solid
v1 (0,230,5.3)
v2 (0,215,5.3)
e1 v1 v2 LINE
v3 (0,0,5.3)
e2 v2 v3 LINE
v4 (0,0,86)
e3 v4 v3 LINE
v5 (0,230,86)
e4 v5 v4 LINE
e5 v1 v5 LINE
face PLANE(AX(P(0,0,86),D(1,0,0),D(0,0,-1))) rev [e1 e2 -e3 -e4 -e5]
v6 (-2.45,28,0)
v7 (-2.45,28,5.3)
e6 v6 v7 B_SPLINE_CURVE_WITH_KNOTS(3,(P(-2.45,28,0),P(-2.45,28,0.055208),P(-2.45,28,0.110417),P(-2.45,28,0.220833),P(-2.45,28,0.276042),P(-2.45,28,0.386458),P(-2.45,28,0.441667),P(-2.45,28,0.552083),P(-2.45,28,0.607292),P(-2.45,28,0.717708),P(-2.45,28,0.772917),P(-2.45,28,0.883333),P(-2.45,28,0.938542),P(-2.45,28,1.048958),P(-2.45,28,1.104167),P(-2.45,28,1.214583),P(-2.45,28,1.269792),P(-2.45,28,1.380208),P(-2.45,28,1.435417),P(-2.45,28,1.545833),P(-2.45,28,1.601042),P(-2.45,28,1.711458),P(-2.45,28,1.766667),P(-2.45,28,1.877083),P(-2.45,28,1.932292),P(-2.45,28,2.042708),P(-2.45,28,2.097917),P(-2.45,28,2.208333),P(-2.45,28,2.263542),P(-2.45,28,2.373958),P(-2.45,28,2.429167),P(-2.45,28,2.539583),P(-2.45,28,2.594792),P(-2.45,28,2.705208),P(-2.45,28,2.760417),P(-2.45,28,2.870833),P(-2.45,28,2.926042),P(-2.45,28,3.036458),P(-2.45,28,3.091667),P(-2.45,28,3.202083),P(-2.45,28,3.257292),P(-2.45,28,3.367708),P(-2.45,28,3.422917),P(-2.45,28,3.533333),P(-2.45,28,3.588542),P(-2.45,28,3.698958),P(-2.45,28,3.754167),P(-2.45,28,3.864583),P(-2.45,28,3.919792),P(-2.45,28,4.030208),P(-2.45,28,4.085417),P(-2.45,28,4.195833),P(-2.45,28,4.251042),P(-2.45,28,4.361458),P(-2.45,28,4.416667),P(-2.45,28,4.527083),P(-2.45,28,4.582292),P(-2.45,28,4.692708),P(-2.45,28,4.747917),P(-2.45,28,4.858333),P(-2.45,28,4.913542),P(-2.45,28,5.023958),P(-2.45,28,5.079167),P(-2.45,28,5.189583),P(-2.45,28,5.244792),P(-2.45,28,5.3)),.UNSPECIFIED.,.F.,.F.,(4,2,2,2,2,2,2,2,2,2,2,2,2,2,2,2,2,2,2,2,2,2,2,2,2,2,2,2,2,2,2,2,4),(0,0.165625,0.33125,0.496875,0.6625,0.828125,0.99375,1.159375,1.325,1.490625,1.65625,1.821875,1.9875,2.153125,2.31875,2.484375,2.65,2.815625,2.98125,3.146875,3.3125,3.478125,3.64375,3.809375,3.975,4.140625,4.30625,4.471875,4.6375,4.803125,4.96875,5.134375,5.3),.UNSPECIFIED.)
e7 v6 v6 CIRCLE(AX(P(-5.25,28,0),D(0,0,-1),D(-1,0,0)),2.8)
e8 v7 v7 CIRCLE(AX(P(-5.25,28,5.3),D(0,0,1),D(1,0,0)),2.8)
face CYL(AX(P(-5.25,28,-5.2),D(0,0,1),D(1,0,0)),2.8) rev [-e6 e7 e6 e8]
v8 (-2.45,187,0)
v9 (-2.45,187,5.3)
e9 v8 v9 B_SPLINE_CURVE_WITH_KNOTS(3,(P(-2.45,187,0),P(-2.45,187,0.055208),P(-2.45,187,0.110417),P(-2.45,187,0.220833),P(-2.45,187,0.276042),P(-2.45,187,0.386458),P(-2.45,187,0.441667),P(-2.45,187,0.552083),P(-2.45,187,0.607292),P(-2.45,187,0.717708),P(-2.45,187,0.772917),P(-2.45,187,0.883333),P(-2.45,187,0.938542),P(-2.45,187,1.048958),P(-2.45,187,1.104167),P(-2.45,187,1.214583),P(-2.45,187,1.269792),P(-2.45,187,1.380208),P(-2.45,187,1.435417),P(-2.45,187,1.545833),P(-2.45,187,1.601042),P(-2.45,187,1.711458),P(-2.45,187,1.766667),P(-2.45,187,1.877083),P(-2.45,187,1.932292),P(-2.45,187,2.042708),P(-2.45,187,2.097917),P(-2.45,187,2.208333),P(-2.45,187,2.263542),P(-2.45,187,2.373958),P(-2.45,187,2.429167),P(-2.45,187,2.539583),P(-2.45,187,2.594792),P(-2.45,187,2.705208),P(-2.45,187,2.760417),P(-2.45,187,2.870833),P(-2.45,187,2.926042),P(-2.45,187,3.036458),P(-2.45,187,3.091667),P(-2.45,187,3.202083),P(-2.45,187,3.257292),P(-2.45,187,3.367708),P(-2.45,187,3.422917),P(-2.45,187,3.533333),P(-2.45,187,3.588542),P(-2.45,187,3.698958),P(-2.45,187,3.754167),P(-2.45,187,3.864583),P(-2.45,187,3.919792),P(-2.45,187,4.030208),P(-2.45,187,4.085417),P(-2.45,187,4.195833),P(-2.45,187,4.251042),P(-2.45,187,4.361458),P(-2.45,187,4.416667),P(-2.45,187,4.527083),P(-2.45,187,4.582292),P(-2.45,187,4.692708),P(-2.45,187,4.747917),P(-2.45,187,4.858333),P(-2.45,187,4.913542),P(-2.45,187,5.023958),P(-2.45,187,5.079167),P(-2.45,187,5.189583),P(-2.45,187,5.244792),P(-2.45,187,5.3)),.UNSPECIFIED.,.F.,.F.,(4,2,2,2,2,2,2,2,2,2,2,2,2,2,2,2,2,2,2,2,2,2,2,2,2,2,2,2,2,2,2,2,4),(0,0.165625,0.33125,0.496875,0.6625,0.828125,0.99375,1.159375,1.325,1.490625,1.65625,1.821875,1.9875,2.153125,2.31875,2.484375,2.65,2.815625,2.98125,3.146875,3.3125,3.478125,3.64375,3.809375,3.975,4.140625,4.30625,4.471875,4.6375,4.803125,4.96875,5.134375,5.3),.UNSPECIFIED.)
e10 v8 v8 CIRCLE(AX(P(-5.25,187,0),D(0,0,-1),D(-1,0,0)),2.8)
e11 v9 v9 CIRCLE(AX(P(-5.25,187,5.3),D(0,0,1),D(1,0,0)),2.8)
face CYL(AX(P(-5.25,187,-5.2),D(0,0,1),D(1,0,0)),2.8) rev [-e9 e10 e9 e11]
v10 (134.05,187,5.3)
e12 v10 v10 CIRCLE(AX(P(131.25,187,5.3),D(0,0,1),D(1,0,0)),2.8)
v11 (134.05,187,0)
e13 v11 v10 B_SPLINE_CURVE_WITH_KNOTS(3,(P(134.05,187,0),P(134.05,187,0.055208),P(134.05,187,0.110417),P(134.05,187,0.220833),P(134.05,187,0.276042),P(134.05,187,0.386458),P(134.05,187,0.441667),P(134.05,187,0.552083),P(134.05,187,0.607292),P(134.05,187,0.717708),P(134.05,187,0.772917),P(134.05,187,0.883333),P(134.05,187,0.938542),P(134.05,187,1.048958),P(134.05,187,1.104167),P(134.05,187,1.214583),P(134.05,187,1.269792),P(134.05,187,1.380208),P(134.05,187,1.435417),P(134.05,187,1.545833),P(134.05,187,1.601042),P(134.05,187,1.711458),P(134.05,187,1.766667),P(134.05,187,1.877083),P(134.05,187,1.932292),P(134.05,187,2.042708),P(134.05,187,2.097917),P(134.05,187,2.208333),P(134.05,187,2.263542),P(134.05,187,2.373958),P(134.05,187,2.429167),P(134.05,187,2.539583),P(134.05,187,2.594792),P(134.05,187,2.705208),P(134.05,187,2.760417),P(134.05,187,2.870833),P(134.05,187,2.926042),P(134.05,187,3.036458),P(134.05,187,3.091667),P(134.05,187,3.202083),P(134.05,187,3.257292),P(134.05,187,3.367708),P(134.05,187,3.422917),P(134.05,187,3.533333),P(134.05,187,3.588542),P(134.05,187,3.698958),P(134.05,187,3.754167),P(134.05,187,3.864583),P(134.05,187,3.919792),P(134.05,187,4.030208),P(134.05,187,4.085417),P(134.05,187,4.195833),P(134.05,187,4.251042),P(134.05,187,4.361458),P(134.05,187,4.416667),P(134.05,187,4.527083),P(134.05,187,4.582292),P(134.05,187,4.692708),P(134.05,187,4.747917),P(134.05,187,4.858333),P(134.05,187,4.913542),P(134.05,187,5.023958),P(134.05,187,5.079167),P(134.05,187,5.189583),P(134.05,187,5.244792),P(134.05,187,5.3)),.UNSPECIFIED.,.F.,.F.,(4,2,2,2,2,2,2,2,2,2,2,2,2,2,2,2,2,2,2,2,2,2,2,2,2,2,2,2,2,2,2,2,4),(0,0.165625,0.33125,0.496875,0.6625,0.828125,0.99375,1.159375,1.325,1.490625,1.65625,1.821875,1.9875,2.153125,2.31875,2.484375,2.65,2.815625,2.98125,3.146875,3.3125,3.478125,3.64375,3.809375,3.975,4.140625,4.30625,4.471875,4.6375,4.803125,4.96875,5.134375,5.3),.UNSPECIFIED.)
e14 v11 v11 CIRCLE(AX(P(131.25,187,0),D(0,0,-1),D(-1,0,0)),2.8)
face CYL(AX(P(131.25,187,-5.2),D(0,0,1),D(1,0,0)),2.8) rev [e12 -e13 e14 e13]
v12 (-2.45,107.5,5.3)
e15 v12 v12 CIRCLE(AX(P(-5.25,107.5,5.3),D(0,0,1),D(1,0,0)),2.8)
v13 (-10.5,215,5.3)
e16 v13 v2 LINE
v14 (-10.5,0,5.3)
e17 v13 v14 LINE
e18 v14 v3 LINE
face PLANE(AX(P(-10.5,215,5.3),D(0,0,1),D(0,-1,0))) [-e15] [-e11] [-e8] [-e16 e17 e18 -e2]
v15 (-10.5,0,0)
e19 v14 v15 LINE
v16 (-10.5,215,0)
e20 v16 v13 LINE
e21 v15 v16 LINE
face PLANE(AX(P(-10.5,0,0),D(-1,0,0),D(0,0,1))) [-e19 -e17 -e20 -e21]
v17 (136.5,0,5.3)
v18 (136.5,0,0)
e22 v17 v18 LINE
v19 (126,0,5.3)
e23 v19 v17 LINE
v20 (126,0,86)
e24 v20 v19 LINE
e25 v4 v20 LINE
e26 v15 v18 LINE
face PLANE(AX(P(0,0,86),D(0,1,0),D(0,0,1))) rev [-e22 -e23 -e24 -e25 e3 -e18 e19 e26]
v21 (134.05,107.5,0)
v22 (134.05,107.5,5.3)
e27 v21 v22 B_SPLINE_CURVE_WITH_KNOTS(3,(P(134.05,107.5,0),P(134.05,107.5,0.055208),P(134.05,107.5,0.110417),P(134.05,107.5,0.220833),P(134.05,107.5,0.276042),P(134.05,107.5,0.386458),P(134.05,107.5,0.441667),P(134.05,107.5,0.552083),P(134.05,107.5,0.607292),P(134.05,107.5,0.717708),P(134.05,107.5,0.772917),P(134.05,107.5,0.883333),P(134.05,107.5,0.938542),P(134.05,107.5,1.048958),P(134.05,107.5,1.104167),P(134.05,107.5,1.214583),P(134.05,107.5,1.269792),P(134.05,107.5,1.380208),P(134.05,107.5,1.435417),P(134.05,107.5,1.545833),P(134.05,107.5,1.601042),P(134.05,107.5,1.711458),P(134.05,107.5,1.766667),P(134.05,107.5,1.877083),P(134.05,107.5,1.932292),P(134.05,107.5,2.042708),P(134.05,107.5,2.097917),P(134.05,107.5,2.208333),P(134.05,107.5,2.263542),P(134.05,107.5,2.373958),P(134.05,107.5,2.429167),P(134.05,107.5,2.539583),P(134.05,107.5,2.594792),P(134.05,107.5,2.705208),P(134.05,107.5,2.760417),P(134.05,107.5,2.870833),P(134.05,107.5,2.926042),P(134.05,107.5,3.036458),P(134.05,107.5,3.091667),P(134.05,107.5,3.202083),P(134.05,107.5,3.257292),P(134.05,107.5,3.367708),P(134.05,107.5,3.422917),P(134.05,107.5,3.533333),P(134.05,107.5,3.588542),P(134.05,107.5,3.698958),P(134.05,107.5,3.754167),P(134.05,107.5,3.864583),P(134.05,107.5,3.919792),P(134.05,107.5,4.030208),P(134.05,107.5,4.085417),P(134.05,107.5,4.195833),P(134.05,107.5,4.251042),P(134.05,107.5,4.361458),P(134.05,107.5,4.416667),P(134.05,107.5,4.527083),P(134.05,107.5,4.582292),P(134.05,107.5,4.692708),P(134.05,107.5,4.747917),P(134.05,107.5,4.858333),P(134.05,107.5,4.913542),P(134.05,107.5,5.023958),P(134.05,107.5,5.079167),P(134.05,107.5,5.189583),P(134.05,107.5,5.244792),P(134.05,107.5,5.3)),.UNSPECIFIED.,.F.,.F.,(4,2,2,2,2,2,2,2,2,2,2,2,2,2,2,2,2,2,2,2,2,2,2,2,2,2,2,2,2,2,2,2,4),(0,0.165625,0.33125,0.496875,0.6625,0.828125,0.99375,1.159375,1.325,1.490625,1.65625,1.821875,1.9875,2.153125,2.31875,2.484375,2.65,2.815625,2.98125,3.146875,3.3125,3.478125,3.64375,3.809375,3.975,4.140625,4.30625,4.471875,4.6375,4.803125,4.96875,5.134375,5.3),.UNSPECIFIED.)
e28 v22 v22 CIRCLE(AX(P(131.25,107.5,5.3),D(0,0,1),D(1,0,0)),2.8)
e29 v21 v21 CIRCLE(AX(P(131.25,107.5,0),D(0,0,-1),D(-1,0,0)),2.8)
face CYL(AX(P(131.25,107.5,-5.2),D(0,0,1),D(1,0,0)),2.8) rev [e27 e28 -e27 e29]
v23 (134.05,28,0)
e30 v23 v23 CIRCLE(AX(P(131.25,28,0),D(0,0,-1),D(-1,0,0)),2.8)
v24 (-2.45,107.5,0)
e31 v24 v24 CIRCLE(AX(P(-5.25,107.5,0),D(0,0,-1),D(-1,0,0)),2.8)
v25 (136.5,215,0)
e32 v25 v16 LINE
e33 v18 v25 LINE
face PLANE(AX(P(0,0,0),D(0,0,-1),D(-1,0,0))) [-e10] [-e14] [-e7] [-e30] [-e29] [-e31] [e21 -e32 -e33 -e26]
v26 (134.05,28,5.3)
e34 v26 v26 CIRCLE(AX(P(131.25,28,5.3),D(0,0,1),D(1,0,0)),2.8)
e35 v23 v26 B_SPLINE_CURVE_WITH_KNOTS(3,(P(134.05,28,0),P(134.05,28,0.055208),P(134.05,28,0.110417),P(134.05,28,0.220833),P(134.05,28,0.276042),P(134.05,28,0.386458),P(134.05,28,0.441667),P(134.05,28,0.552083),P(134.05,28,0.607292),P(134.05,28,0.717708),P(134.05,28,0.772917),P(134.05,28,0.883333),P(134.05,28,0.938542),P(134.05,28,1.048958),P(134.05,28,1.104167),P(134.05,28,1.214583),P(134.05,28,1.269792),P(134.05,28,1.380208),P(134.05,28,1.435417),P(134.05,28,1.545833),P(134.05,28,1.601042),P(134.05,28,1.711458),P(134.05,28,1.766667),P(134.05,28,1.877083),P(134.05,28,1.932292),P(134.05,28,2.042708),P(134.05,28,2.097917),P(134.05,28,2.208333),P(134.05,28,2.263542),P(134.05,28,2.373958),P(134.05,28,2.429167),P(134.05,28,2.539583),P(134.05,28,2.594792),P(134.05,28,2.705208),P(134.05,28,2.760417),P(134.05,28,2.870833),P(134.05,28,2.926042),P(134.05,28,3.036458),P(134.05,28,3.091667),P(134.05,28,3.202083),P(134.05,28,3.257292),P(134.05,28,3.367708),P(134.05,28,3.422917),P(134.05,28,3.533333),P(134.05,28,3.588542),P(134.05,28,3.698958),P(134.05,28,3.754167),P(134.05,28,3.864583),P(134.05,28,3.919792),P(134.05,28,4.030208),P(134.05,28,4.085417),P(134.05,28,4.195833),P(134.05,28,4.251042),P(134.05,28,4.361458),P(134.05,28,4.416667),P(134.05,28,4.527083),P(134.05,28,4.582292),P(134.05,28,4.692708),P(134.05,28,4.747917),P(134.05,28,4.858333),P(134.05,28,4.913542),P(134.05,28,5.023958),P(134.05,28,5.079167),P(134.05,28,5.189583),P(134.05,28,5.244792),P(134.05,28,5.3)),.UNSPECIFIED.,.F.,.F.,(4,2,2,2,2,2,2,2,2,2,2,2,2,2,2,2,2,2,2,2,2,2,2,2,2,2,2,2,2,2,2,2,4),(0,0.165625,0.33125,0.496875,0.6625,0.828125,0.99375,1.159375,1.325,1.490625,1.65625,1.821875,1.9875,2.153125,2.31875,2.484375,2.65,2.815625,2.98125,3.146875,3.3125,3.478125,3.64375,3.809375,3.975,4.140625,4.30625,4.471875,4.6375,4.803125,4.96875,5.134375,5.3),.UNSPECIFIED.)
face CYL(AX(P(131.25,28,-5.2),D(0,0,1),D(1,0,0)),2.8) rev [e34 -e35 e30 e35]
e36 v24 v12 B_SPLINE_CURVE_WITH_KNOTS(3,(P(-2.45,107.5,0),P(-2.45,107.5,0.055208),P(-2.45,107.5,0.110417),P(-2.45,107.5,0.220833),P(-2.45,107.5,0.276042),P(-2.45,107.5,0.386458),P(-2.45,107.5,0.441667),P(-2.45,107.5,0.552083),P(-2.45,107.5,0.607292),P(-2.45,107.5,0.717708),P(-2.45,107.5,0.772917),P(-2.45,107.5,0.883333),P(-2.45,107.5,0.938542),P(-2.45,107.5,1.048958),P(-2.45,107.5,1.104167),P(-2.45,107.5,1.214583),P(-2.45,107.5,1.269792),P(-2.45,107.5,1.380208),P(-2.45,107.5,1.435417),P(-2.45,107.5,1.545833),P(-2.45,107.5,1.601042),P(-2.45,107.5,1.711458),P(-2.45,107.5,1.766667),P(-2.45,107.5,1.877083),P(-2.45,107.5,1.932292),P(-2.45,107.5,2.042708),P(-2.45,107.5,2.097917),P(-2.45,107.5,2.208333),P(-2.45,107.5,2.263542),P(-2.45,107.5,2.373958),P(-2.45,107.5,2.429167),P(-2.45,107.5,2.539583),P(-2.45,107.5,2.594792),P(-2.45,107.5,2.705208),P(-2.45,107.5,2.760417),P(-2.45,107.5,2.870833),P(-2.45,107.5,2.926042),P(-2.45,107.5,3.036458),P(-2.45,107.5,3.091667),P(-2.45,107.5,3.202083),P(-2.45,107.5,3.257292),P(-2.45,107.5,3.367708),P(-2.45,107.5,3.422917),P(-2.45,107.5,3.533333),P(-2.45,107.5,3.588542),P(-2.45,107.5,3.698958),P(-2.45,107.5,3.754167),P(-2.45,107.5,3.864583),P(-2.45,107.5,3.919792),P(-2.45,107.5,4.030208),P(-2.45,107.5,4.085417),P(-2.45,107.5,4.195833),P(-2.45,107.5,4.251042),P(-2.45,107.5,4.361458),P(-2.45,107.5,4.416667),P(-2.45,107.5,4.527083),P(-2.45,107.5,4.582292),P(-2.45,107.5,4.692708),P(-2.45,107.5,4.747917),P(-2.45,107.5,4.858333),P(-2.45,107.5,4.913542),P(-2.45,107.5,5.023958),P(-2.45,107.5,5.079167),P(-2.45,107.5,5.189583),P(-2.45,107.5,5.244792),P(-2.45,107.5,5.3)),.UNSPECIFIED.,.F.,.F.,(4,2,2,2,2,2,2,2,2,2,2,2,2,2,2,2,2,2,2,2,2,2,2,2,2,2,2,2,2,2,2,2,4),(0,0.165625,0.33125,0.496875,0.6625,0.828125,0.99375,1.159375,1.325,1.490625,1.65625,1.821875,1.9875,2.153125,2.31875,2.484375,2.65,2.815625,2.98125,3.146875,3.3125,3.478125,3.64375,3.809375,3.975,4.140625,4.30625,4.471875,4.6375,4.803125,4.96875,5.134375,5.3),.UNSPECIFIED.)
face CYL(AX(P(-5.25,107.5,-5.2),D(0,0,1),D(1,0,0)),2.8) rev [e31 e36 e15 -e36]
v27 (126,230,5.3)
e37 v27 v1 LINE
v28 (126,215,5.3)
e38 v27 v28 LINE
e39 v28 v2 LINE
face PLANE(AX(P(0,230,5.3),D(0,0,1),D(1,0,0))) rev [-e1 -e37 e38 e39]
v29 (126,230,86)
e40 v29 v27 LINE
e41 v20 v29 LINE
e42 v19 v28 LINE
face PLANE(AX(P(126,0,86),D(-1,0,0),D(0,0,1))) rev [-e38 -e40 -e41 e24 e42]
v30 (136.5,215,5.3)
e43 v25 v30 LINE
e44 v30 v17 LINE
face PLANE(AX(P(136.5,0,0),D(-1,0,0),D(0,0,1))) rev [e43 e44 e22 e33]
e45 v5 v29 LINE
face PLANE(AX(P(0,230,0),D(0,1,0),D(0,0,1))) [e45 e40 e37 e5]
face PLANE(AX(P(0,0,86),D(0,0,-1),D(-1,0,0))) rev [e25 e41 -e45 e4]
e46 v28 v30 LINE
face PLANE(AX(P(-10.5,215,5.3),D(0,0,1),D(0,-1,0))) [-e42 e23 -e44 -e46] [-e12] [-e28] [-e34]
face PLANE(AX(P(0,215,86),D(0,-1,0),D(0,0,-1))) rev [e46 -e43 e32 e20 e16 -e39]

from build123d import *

# Parameters (mm, degrees)
SKETCH2_W                = 126
SKETCH2_H                = 215
BOSS_EXTRUDE1_DEPTH      = 86
BOSS_EXTRUDE2_DEPTH      = 10.5
BOSS_EXTRUDE2_DEPTH_BACK = 136.5
SKETCH3_W                = 5.3
SKETCH3_H                = 215
SKETCH5_R                = 2.8
CUT_EXTRUDE1_DEPTH       = 10.5
SKETCH6_R                = 2.8
CUT_EXTRUDE2_DEPTH       = 10.5
SKETCH7_R                = 2.8
CUT_EXTRUDE3_DEPTH       = 10.5
LPATTERN1_COUNT          = 2
LPATTERN1_PITCH          = 136.5
SKETCH8_W                = 126
SKETCH8_H                = 80.7
BOSS_EXTRUDE3_DEPTH      = 15


with BuildPart() as part:
    # Sketch2 → Boss-Extrude1 (new body)
    with BuildSketch(Plane.XY):
        with Locations((63, 107.5)):
            Rectangle(SKETCH2_W, SKETCH2_H)
    extrude(amount=BOSS_EXTRUDE1_DEPTH)

    # Sketch3 → Boss-Extrude2 (add, two sides: drawn at the far end of the back side and taken through both)
    with BuildSketch(Plane(origin=(126, 0, 0), x_dir=(0, 0, -1), z_dir=(1, 0, 0)).offset(-BOSS_EXTRUDE2_DEPTH_BACK)):
        with Locations((-2.65, 107.5)):
            Rectangle(SKETCH3_W, SKETCH3_H)
    extrude(amount=BOSS_EXTRUDE2_DEPTH + BOSS_EXTRUDE2_DEPTH_BACK)

    # Sketch5 → Cut-Extrude1 (cut)
    with BuildSketch(Plane.XY.offset(5.3)):
        with Locations((131.25, 28)):
            Circle(SKETCH5_R)
    cut_extrude1 = extrude(amount=-CUT_EXTRUDE1_DEPTH, mode=Mode.SUBTRACT)

    # Sketch6 → Cut-Extrude2 (cut)
    with BuildSketch(Plane.XY.offset(5.3)):
        with Locations((131.25, 107.5)):
            Circle(SKETCH6_R)
    cut_extrude2 = extrude(amount=-CUT_EXTRUDE2_DEPTH, mode=Mode.SUBTRACT)

    # Sketch7 → Cut-Extrude3 (cut)
    with BuildSketch(Plane.XY.offset(5.3)):
        with Locations((131.25, 187)):
            Circle(SKETCH7_R)
    cut_extrude3 = extrude(amount=-CUT_EXTRUDE3_DEPTH, mode=Mode.SUBTRACT)

    # LPattern1: Cut-Extrude1, Cut-Extrude2, Cut-Extrude3 ×2
    with Locations(*[(-i * LPATTERN1_PITCH, 0, 0) for i in range(1, LPATTERN1_COUNT)]):
        add(cut_extrude1, mode=Mode.SUBTRACT)
        add(cut_extrude2, mode=Mode.SUBTRACT)
        add(cut_extrude3, mode=Mode.SUBTRACT)

    # Sketch8 → Boss-Extrude3 (add)
    with BuildSketch(Plane(origin=(0, 215, 0), x_dir=(1, 0, 0), z_dir=(0, 1, 0))):
        with Locations((63, -45.65)):
            Rectangle(SKETCH8_W, SKETCH8_H)
    extrude(amount=BOSS_EXTRUDE3_DEPTH)


solid = part.part
